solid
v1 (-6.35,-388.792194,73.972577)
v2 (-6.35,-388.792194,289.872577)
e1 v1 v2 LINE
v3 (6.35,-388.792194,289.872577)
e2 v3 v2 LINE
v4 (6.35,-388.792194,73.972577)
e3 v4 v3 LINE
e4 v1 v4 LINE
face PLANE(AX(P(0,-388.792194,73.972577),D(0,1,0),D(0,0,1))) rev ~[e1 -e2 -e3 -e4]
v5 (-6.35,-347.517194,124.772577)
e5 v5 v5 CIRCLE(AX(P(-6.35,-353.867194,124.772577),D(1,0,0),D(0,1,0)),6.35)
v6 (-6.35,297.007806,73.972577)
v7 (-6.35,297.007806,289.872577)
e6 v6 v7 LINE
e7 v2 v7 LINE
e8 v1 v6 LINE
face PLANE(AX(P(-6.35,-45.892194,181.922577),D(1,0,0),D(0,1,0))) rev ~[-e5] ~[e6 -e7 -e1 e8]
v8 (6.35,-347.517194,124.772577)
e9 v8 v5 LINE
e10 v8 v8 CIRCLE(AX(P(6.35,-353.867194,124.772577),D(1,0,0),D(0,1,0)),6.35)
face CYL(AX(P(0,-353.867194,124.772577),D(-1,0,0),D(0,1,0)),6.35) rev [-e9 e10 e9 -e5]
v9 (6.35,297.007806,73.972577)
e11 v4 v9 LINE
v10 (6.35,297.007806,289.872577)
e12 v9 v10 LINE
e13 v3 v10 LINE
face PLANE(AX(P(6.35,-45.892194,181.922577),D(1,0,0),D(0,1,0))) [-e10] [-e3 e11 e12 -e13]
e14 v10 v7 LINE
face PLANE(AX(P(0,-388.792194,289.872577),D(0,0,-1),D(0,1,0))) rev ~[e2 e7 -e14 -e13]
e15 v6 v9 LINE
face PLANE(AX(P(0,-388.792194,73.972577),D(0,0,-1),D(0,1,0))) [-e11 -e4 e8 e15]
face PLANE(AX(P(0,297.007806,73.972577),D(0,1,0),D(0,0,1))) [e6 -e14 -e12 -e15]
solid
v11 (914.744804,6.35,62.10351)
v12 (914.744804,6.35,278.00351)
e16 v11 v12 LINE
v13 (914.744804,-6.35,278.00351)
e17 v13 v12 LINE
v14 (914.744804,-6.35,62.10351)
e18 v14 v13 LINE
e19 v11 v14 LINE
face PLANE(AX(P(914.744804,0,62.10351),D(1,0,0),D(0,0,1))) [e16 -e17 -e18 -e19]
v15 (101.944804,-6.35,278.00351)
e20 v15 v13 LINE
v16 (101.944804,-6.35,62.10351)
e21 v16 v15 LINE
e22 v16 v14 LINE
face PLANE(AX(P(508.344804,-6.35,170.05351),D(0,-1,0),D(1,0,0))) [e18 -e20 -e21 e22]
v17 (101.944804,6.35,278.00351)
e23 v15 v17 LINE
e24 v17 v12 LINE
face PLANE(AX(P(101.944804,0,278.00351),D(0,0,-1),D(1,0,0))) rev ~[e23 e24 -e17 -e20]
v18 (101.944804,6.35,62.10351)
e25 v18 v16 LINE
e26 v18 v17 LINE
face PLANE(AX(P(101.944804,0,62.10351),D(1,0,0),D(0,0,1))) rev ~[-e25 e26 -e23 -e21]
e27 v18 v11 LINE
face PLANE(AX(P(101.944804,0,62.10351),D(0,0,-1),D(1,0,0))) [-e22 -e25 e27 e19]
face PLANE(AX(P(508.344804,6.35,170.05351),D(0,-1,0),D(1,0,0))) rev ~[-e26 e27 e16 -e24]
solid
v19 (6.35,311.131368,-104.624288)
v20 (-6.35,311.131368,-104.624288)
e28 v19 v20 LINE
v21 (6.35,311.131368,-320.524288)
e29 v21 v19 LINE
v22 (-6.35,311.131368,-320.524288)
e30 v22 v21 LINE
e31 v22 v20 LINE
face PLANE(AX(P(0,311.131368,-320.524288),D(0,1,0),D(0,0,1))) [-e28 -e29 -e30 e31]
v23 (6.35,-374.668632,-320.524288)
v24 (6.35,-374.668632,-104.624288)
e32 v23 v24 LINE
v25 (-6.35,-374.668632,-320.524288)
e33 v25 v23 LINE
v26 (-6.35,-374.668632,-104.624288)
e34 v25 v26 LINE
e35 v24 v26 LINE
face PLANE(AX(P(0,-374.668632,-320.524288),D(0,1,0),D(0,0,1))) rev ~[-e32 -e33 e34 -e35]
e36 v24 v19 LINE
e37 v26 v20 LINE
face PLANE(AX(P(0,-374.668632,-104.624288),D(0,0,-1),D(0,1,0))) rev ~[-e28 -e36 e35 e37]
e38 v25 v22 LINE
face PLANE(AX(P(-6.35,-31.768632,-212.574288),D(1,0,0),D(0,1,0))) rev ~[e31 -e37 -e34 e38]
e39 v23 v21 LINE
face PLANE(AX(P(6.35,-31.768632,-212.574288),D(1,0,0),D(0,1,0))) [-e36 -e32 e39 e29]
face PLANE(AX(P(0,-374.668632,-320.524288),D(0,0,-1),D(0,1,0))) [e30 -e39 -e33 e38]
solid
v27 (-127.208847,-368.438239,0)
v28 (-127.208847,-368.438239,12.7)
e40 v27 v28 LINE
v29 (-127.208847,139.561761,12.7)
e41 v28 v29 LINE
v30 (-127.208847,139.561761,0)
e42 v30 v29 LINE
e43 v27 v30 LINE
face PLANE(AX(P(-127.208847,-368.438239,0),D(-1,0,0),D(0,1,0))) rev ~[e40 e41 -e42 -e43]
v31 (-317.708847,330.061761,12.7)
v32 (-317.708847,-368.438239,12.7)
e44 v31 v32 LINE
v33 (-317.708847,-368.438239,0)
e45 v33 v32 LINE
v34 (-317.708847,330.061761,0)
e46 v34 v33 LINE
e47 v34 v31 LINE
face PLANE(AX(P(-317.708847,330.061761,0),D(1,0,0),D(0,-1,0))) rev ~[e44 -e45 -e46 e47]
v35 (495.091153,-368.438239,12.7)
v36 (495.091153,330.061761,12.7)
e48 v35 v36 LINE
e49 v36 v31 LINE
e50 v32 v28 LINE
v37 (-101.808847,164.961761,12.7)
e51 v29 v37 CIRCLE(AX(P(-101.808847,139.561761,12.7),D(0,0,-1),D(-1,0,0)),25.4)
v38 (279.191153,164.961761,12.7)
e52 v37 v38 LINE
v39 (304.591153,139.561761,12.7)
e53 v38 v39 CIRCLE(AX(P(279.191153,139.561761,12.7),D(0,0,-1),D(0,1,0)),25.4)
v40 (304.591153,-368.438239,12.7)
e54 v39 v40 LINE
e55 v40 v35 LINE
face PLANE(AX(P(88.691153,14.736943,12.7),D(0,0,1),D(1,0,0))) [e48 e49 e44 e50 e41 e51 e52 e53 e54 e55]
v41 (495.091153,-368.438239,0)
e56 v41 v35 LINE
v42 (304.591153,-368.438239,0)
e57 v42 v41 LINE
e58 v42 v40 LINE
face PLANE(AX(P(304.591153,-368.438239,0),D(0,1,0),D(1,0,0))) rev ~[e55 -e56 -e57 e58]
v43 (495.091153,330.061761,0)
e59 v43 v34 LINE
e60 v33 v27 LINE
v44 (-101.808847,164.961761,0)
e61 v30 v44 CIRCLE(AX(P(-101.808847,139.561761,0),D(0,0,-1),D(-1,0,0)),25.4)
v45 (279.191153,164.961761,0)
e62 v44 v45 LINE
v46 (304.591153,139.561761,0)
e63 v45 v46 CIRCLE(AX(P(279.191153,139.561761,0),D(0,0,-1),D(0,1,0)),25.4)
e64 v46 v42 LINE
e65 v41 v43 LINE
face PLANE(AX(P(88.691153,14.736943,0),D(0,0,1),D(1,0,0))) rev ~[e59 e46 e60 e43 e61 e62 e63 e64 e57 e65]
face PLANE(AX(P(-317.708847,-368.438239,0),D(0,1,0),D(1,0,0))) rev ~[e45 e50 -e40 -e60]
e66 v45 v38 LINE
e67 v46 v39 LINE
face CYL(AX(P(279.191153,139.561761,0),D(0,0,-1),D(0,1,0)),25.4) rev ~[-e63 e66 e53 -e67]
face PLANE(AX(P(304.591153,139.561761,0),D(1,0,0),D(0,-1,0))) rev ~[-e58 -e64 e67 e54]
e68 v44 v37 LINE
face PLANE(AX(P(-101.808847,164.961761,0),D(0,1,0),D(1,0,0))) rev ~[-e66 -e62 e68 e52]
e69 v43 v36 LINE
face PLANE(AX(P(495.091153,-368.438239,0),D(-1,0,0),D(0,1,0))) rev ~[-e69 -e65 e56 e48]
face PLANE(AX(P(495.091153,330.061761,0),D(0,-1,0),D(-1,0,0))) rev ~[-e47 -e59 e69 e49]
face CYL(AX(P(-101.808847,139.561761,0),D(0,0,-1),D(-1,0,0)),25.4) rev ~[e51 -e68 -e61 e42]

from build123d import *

# Parameters (mm, degrees)
F1_DEPTH = 12.7
F2_W     = 685.8
F2_H     = 215.9
F2_R     = 6.35
F3_DEPTH = 6.35
F4_W     = 685.8
F4_H     = 215.9
F5_DEPTH = 6.35
F6_W     = 812.8
F6_H     = 215.9
F7_DEPTH = 6.35


with BuildPart() as f1:
    # F0 (on Top) → F1 (new body)
    with BuildSketch(Plane.XY):
        with BuildLine():
            Line((-317.7088467273, 330.0617613852), (-317.7088467273, -368.4382386148))
            Line((-317.7088467273, -368.4382386148), (-127.2088467273, -368.4382386148))
            Line((-127.2088467273, -368.4382386148), (-127.2088467273, 139.5617613852))
            ThreePointArc((-127.2088467273, 139.5617613852), (-119.7693589695, 157.5222736273), (-101.8088467273, 164.9617613852))
            Line((-101.8088467273, 164.9617613852), (279.1911532727, 164.9617613852))
            ThreePointArc((279.1911532727, 164.9617613852), (297.1516655148, 157.5222736273), (304.5911532727, 139.5617613852))
            Line((304.5911532727, 139.5617613852), (304.5911532727, -368.4382386148))
            Line((304.5911532727, -368.4382386148), (495.0911532727, -368.4382386148))
            Line((495.0911532727, -368.4382386148), (495.0911532727, 330.0617613852))
            Line((495.0911532727, 330.0617613852), (-317.7088467273, 330.0617613852))
        make_face()
    extrude(amount=F1_DEPTH)


with BuildPart() as f3:
    # F2 (on Right) → F3 (new body, symmetric)
    with BuildSketch(Plane.YZ):
        with Locations((-45.8921939392, 181.9225773215)):
            Rectangle(F2_W, F2_H)
        with Locations((-353.8671939392, 124.7725773215)):
            Circle(F2_R, mode=Mode.SUBTRACT)
    extrude(amount=F3_DEPTH, both=True)


with BuildPart() as f5:
    # F4 (on Right) → F5 (new body, symmetric)
    with BuildSketch(Plane.YZ):
        with Locations((-31.768632142, -212.574288249)):
            Rectangle(F4_W, F4_H)
    extrude(amount=F5_DEPTH, both=True)


with BuildPart() as f7:
    # F6 (on Front) → F7 (new body, symmetric)
    with BuildSketch(Plane.XZ):
        with Locations((508.3448041916, 170.053509903)):
            Rectangle(F6_W, F6_H)
    extrude(amount=F7_DEPTH, both=True)


solid = Compound([f1.part, f3.part, f5.part, f7.part])
